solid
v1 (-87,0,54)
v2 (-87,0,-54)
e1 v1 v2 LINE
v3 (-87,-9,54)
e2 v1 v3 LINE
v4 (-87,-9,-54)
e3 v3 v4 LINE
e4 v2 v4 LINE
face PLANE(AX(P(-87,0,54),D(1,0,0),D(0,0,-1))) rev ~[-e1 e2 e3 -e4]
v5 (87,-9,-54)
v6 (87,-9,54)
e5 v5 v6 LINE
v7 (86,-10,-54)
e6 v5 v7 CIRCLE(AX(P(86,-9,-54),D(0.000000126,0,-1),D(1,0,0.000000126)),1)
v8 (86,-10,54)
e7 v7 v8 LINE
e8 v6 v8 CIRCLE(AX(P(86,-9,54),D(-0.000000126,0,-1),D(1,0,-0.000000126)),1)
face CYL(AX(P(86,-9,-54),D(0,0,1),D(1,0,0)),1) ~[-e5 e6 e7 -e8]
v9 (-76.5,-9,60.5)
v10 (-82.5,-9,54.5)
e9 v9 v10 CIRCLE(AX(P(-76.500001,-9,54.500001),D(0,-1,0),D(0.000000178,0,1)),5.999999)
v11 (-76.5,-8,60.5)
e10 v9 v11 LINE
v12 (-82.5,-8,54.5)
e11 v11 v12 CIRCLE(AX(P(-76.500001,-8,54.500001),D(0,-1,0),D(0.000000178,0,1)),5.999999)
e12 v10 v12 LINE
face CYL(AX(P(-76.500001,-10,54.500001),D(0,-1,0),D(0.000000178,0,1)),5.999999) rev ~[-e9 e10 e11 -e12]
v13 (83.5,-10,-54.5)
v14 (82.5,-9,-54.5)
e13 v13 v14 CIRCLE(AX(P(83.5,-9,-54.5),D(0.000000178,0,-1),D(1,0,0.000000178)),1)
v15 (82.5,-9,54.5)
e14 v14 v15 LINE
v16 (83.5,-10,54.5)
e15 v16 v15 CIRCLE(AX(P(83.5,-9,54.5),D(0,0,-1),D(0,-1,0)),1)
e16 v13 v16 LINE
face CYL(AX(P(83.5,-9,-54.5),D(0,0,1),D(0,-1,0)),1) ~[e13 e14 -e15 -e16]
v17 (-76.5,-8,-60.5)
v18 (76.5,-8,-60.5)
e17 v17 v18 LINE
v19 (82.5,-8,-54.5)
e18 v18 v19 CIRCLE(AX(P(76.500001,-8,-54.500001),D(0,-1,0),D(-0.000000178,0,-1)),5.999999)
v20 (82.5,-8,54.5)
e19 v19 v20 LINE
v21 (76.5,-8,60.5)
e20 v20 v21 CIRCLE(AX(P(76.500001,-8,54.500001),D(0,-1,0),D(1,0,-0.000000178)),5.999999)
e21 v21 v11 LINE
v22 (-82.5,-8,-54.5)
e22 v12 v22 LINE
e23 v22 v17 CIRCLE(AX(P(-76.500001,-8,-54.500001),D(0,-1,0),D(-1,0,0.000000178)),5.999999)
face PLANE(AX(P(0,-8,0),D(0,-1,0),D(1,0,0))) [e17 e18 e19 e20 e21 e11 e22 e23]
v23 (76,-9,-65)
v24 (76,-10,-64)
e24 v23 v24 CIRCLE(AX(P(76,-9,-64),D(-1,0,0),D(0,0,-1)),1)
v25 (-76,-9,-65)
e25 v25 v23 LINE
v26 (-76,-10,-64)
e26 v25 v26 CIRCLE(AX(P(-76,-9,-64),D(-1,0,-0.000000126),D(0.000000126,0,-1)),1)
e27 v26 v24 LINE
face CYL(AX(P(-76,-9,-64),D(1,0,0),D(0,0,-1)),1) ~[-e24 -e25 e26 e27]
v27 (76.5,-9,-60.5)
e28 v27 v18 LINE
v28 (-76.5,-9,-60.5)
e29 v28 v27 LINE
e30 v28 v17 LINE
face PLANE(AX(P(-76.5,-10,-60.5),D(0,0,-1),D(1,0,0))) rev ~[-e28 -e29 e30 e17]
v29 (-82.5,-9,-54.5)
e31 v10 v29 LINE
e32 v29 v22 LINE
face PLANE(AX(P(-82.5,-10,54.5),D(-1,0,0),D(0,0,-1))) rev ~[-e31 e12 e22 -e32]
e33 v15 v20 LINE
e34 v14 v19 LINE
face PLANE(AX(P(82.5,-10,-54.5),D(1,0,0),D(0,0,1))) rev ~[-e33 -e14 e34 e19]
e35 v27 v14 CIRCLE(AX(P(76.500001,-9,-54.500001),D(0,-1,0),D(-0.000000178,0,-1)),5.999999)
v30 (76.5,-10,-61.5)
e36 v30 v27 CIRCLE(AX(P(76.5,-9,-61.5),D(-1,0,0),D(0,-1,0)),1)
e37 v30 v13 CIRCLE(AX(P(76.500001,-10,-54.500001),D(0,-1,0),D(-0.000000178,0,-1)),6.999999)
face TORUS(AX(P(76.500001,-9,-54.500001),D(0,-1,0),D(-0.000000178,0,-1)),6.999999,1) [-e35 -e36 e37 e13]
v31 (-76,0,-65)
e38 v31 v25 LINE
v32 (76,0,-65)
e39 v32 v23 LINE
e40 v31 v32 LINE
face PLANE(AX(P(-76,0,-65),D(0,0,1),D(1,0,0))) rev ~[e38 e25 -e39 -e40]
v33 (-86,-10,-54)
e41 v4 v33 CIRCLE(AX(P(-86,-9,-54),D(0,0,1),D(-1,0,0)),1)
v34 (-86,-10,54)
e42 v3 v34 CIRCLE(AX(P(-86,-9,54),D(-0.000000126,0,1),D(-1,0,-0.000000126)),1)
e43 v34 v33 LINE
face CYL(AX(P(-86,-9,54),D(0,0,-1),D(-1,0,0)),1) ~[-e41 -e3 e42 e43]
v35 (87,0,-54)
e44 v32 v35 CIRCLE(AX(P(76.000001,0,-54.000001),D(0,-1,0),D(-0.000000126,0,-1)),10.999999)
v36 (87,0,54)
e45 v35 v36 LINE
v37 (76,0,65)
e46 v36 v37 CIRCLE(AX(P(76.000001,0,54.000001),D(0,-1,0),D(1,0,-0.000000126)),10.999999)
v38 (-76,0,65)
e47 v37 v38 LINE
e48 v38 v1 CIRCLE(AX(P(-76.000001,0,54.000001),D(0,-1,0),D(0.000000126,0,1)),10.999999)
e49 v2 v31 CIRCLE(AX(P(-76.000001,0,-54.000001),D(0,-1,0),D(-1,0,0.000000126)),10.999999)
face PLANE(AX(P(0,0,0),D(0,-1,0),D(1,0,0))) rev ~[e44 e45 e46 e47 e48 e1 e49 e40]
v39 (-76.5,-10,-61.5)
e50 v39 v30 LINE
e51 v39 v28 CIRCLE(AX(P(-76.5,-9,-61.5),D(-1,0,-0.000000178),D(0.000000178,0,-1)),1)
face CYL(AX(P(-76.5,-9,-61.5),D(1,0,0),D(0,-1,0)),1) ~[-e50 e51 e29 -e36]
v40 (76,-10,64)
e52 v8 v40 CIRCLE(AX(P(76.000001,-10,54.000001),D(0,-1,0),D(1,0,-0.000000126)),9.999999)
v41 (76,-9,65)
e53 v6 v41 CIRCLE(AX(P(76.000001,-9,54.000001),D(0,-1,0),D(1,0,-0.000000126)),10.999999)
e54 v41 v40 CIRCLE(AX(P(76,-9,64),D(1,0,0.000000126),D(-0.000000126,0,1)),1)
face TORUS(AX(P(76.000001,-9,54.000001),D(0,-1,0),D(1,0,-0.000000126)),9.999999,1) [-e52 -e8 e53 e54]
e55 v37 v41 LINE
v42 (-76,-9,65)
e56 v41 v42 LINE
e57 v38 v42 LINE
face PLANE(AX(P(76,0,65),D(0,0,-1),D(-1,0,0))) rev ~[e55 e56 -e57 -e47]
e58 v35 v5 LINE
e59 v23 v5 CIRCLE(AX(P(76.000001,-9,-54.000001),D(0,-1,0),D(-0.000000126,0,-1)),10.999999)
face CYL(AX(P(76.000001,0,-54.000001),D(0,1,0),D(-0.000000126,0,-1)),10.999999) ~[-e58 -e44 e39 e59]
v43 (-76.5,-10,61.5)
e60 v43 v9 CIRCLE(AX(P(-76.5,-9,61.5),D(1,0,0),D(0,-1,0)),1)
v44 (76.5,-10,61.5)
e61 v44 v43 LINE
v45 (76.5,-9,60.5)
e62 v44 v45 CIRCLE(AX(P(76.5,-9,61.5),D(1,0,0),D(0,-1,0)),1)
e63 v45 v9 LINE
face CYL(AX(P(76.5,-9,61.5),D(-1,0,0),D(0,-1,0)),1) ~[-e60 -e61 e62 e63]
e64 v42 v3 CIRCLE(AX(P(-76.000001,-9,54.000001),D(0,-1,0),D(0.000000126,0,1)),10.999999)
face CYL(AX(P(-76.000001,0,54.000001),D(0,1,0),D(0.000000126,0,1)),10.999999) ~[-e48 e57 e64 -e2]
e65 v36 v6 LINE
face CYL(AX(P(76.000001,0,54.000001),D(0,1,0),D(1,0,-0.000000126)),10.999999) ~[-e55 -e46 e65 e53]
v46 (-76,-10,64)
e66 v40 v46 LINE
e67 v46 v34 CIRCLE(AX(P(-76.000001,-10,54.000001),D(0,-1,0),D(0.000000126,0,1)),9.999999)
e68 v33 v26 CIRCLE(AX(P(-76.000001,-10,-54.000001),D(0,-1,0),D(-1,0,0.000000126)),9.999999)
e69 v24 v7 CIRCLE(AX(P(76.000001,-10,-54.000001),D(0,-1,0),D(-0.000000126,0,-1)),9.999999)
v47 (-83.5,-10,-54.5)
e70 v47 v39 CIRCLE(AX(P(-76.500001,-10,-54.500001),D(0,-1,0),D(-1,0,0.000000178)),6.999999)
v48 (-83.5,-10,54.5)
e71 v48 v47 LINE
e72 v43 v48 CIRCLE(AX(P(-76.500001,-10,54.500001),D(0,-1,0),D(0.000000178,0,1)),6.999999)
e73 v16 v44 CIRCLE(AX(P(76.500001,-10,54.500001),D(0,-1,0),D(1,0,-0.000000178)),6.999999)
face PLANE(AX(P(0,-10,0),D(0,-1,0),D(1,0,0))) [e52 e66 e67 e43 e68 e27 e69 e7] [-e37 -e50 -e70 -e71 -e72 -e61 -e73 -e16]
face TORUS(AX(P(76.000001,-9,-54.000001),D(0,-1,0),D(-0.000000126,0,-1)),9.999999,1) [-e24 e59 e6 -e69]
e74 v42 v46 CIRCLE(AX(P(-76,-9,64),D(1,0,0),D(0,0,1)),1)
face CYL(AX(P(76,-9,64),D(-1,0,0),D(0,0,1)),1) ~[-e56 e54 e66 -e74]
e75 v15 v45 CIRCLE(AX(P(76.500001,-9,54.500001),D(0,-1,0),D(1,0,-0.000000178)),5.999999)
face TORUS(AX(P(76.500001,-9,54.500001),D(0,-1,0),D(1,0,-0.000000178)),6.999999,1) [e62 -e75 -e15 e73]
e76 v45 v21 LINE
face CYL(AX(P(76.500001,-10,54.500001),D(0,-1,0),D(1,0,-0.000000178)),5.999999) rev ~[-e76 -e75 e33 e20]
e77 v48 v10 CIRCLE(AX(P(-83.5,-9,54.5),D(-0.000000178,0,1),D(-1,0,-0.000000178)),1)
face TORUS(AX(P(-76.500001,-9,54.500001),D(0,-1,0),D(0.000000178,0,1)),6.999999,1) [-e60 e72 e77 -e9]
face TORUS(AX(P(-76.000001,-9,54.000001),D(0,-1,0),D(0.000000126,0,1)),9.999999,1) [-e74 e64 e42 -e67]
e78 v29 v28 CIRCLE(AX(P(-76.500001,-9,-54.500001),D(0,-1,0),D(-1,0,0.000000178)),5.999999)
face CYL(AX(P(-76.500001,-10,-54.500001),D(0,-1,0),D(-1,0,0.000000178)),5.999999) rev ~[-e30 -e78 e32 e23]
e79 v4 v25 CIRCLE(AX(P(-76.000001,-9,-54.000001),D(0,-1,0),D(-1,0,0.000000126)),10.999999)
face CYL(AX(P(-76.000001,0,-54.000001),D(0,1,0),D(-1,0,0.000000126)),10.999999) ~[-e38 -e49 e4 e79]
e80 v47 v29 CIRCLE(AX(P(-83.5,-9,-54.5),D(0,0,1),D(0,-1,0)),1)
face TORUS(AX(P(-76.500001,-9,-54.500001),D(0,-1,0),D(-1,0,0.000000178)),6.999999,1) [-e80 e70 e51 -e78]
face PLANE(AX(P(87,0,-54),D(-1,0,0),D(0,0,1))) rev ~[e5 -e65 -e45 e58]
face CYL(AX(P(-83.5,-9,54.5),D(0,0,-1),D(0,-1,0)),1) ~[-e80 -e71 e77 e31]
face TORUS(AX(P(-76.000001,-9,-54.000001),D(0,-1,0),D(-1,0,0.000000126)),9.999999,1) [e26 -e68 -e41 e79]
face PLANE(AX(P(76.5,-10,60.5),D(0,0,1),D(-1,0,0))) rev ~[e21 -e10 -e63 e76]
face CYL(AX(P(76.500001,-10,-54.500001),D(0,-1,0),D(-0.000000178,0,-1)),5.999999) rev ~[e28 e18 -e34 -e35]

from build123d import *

# Parameters (mm, degrees)
F1_DEPTH = 10
F3_DEPTH = 2
F4_R     = 1


with BuildPart() as f1:
    # F0 (on Front) → F1 (new body)
    with BuildSketch(Plane.XZ):
        with BuildLine():
            ThreePointArc((87, 54), (83.778175, 61.778175), (76, 65))
            Line((76, 65), (-76, 65))
            ThreePointArc((-76, 65), (-83.778175, 61.778175), (-87, 54))
            Line((-87, 54), (-87, -54))
            ThreePointArc((-87, -54), (-83.778175, -61.778175), (-76, -65))
            Line((-76, -65), (76, -65))
            ThreePointArc((76, -65), (83.778175, -61.778175), (87, -54))
            Line((87, -54), (87, 54))
        make_face()
        with BuildLine():
            Line((-76.5, 60.5), (76.5, 60.5))
            ThreePointArc((76.5, 60.5), (80.742641, 58.742641), (82.5, 54.5))
            Line((82.5, 54.5), (82.5, -54.5))
            ThreePointArc((82.5, -54.5), (80.742641, -58.742641), (76.5, -60.5))
            Line((76.5, -60.5), (-76.5, -60.5))
            ThreePointArc((-76.5, -60.5), (-80.742641, -58.742641), (-82.5, -54.5))
            Line((-82.5, -54.5), (-82.5, 54.5))
            ThreePointArc((-82.5, 54.5), (-80.742641, 58.742641), (-76.5, 60.5))
        make_face(mode=Mode.SUBTRACT)
        with BuildLine():
            ThreePointArc((82.5, 54.5), (80.742641, 58.742641), (76.5, 60.5))
            Line((76.5, 60.5), (-76.5, 60.5))
            ThreePointArc((-76.5, 60.5), (-80.742641, 58.742641), (-82.5, 54.5))
            Line((-82.5, 54.5), (-82.5, -54.5))
            ThreePointArc((-82.5, -54.5), (-80.742641, -58.742641), (-76.5, -60.5))
            Line((-76.5, -60.5), (76.5, -60.5))
            ThreePointArc((76.5, -60.5), (80.742641, -58.742641), (82.5, -54.5))
            Line((82.5, -54.5), (82.5, 54.5))
        make_face()
    extrude(amount=F1_DEPTH)

    # F2 (on face) → F3 (cut)
    with BuildSketch(Plane.XZ.offset(10)):
        with BuildLine():
            Line((76.5, 60.5), (-76.5, 60.5))
            ThreePointArc((-76.5, 60.5), (-80.742641, 58.742641), (-82.5, 54.5))
            Line((-82.5, 54.5), (-82.5, -54.5))
            ThreePointArc((-82.5, -54.5), (-80.742641, -58.742641), (-76.5, -60.5))
            Line((-76.5, -60.5), (76.5, -60.5))
            ThreePointArc((76.5, -60.5), (80.742641, -58.742641), (82.5, -54.5))
            Line((82.5, -54.5), (82.5, 54.5))
            ThreePointArc((82.5, 54.5), (80.742641, 58.742641), (76.5, 60.5))
        make_face()
    extrude(amount=-F3_DEPTH, mode=Mode.SUBTRACT)

    # F4
    f4_edges = [f1.edges().sort_by_distance(p)[0] for p in [
        (83.778175, -10, 61.778175),
        (87, -10, 0),
        (0, -10, 65),
        (83.778175, -10, -61.778175),
        (-83.778175, -10, 61.778175),
        (0, -10, -65),
        (-87, -10, 0),
        (-83.778175, -10, -61.778175),
        (0, -10, 60.5),
        (-80.742641, -10, 58.742641),
        (-82.5, -10, 0),
        (-80.742641, -10, -58.742641),
        (0, -10, -60.5),
        (80.742641, -10, -58.742641),
        (82.5, -10, 0),
        (80.742641, -10, 58.742641),
    ]]
    fillet(f4_edges, radius=F4_R)


solid = f1.part
